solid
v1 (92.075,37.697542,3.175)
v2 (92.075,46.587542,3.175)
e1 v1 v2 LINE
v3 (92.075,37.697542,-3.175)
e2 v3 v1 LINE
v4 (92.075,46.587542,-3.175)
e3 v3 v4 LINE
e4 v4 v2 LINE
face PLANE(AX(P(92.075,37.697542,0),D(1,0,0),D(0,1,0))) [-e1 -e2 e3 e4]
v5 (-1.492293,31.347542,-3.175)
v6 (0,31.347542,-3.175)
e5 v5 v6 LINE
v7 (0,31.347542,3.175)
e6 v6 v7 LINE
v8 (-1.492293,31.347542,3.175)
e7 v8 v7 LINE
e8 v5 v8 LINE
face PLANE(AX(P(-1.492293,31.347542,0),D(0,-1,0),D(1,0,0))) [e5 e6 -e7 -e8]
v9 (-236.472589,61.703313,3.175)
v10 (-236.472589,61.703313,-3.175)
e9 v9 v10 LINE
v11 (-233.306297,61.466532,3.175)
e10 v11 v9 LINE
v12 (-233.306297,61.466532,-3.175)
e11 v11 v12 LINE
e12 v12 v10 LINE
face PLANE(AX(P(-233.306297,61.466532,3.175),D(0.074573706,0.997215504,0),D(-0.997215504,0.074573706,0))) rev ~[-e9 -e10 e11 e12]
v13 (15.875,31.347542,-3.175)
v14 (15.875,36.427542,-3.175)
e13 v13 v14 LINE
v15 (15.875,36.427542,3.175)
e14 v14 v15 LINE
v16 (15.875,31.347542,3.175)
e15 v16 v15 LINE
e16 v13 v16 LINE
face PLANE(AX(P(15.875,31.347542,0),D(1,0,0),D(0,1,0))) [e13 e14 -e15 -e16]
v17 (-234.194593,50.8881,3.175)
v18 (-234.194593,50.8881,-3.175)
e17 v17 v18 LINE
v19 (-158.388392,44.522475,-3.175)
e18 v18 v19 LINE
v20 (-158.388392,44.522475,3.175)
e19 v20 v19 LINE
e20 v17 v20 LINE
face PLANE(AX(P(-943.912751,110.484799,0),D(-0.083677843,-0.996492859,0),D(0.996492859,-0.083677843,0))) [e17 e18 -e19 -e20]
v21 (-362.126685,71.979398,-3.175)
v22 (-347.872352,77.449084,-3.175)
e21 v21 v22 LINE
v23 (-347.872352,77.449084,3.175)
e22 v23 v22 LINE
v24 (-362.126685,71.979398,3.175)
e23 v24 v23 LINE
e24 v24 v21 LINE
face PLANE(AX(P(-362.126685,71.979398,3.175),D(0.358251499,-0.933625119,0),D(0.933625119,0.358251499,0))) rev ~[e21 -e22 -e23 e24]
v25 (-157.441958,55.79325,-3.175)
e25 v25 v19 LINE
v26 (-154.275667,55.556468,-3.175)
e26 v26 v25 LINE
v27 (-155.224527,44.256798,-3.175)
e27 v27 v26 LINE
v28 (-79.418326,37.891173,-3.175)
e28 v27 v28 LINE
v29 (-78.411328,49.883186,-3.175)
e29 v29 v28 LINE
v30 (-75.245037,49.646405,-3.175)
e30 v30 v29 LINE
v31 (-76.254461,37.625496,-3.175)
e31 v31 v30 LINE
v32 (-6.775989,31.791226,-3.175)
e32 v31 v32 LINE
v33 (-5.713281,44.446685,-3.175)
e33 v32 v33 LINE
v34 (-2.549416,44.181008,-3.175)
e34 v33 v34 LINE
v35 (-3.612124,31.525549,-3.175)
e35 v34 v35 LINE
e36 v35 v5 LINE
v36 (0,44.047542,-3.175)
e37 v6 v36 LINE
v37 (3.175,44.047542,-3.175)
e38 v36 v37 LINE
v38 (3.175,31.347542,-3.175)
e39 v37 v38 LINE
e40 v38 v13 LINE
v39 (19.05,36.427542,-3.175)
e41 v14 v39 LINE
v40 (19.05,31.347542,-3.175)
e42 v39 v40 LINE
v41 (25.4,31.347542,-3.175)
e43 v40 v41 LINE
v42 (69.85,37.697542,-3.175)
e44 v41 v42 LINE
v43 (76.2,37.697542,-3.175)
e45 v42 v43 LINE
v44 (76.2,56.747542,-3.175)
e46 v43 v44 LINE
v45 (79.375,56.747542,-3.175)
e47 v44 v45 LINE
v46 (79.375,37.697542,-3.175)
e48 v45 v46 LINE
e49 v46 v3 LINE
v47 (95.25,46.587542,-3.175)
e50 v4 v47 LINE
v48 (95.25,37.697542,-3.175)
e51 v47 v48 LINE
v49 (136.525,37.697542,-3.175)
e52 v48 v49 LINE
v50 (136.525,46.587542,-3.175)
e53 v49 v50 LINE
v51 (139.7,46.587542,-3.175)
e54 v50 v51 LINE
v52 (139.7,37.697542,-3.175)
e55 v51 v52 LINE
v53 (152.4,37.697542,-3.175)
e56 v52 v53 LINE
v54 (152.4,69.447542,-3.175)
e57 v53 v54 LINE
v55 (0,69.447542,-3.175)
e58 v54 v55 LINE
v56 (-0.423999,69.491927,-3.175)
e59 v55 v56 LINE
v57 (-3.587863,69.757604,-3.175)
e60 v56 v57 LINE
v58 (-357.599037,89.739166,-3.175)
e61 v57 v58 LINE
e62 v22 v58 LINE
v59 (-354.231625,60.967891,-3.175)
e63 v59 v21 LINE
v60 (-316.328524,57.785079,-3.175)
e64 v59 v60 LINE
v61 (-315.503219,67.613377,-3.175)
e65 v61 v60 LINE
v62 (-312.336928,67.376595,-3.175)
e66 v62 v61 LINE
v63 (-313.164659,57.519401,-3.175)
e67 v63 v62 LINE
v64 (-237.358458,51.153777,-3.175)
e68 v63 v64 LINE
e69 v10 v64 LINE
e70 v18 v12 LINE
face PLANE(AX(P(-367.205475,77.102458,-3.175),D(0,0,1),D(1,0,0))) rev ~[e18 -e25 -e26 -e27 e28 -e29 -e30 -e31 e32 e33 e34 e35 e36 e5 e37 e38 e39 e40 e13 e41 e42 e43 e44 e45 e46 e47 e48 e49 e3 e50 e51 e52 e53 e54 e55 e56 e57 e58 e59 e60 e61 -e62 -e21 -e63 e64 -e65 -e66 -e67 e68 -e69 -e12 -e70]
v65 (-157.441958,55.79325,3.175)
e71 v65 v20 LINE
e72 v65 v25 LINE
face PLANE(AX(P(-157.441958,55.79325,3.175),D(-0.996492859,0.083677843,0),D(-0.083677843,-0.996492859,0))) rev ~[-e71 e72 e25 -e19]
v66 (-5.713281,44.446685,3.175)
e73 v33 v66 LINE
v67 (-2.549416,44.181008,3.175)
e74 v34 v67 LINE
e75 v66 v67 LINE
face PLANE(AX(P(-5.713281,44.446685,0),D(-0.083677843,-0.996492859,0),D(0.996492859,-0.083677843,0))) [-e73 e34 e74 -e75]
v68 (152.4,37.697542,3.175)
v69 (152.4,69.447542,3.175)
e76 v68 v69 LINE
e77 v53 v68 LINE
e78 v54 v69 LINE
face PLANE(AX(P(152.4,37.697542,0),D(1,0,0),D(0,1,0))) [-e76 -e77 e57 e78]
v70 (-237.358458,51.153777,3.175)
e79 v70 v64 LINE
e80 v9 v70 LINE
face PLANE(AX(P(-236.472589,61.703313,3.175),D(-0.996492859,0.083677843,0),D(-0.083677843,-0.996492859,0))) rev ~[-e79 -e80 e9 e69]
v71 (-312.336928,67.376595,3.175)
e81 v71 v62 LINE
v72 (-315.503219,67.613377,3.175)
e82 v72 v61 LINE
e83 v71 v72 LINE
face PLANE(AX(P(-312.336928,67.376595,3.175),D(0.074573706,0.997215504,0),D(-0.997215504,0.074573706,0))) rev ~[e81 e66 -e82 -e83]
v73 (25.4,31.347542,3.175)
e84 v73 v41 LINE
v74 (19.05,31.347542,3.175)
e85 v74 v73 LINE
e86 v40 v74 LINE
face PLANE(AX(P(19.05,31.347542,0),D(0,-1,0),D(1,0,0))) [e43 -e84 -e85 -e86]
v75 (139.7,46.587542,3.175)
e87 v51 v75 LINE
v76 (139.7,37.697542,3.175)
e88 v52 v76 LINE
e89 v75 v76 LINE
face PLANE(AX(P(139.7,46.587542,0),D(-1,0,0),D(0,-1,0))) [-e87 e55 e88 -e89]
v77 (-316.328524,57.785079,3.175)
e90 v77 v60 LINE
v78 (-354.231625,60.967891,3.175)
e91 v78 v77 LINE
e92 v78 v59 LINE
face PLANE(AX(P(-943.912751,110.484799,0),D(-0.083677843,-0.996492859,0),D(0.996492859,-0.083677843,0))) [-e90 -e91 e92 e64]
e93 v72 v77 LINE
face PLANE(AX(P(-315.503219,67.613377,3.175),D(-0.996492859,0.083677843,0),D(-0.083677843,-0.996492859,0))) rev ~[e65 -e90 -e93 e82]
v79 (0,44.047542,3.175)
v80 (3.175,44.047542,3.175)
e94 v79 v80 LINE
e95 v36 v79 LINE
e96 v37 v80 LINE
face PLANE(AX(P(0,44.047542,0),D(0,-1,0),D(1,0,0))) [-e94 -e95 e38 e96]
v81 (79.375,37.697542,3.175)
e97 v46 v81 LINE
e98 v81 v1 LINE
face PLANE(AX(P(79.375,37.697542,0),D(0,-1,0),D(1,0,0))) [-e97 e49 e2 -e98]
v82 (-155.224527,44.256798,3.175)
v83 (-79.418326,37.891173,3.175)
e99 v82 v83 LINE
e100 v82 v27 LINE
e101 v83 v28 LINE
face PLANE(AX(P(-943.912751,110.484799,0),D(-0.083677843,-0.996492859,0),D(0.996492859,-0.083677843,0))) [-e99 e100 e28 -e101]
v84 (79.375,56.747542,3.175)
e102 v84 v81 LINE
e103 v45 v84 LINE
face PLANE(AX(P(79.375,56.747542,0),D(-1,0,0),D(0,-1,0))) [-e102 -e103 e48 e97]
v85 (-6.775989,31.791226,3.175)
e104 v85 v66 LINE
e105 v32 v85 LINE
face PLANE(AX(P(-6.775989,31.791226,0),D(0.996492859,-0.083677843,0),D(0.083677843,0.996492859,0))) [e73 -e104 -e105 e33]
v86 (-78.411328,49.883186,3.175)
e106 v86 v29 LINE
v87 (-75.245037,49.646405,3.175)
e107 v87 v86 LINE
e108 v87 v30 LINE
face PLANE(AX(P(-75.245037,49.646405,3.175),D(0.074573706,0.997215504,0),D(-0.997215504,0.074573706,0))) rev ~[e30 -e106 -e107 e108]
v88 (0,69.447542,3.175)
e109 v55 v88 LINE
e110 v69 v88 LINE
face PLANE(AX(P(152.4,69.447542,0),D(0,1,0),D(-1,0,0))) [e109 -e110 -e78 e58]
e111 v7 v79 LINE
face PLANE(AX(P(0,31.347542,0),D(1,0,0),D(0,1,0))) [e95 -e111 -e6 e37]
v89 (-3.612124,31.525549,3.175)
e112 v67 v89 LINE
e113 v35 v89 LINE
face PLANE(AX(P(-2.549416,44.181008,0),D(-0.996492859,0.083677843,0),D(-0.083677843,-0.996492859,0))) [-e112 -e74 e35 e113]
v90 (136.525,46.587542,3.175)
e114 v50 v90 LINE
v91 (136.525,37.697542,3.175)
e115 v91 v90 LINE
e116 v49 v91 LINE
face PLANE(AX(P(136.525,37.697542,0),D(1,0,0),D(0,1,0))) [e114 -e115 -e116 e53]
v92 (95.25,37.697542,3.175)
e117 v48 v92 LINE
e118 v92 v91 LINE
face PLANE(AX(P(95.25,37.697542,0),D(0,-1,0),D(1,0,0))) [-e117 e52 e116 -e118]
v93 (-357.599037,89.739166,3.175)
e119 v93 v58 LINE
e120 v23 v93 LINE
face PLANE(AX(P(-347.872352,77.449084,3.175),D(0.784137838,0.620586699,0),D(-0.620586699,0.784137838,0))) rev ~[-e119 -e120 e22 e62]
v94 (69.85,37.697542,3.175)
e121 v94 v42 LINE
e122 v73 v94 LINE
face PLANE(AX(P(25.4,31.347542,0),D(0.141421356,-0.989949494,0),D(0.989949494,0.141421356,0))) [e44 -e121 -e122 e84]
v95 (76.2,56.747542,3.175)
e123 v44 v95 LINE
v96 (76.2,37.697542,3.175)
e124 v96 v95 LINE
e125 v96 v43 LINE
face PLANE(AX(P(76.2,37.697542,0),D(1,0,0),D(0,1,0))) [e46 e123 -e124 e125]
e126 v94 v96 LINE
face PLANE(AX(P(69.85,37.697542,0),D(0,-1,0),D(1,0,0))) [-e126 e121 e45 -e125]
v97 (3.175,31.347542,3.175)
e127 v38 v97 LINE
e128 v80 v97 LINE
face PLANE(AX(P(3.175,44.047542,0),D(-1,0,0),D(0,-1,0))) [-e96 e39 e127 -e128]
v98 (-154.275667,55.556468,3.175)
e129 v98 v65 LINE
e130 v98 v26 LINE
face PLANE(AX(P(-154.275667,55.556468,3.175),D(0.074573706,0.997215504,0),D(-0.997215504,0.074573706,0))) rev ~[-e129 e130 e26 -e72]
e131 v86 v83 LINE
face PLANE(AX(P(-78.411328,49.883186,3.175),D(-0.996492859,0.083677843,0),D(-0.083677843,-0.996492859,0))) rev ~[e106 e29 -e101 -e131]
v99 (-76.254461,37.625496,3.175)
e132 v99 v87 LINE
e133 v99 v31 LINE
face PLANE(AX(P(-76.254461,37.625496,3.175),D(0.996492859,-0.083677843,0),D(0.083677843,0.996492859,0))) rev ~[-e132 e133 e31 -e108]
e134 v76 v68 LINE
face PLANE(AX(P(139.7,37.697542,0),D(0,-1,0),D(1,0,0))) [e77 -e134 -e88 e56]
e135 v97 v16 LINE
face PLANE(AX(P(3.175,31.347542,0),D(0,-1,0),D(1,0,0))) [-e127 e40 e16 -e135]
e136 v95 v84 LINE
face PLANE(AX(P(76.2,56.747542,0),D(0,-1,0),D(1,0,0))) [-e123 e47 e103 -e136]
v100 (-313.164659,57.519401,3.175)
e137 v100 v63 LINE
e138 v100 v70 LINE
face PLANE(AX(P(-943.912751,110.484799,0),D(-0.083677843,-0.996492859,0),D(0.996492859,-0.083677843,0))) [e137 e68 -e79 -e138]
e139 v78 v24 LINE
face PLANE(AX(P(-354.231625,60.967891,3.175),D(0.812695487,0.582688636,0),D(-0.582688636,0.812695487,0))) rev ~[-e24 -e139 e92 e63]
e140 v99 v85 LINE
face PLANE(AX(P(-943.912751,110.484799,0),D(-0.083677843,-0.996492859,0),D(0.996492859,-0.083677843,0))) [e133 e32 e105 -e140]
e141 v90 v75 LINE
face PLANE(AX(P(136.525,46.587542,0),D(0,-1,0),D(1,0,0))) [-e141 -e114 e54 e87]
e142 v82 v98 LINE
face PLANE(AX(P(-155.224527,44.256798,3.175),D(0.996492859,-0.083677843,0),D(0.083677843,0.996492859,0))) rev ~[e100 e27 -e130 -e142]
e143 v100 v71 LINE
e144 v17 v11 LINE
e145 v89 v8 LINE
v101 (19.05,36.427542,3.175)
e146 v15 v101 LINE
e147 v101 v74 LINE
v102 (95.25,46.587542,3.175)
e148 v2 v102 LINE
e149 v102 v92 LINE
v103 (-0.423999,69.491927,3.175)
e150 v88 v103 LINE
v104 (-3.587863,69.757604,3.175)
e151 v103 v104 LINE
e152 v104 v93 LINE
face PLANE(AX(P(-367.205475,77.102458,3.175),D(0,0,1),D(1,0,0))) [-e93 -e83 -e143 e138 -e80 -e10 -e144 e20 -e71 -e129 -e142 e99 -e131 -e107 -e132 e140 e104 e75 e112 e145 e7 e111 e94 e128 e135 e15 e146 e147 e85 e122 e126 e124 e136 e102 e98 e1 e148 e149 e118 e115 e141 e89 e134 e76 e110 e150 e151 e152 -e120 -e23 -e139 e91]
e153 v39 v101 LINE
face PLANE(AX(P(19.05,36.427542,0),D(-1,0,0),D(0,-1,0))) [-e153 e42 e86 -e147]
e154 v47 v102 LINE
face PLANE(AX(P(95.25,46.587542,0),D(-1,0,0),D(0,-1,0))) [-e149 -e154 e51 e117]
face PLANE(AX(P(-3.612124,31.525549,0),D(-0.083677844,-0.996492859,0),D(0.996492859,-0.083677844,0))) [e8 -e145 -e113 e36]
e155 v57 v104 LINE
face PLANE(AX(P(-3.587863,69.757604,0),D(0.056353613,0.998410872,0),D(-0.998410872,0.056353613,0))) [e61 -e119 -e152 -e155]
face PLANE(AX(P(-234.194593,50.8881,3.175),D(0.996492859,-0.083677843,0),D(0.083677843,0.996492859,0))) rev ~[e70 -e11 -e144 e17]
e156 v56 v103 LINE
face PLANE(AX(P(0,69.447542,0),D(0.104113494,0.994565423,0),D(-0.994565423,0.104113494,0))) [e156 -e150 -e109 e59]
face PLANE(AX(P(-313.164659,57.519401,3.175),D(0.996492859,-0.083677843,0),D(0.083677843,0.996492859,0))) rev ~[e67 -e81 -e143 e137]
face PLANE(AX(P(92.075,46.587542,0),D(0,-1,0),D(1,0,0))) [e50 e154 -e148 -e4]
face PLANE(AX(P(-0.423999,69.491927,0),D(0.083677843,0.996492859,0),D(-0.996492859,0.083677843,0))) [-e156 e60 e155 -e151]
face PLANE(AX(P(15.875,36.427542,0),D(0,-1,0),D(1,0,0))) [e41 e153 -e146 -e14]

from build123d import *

# Parameters (mm, degrees)
BOSS_EXTRUDE1_DEPTH = 3.175
CUT_EXTRUDE1_DEPTH  = 7.35
CUT_EXTRUDE2_DEPTH  = 7.62


with BuildPart() as part:
    # Sketch1 → Boss-Extrude1 (new body, symmetric)
    with BuildSketch(Plane.XY):
        Polygon((76.2, 37.697541537), (76.2, 56.747541537), (79.375, 56.747541537), (79.375, 37.697541537), (92.075, 37.697541537), (92.075, 46.587541537), (95.25, 46.587541537), (95.25, 37.697541537), (136.525, 37.697541537), (136.525, 46.587541537), (139.7, 46.587541537), (139.7, 37.697541537), (152.4, 37.697541537), (152.4, 69.447541537), (0, 69.447541537), (-0.423998633, 69.491926731), (-3.587863461, 69.757603883), (-946.051908629, 122.953392794), (-946.583462345, 116.623288424), (-943.412318182, 116.444298555), (-943.91275138, 110.48479854), (-6.775989292, 31.791225946), (-5.713280681, 44.446685258), (-2.549415853, 44.181008106), (-3.612124464, 31.525548794), (-1.492292584, 31.347541537), (0, 31.347541537), (0, 44.047541537), (3.175, 44.047541537), (3.175, 31.347541537), (15.875, 31.347541537), (15.875, 36.427541537), (19.05, 36.427541537), (19.05, 31.347541537), (25.4, 31.347541537), (69.85, 37.697541537), align=None)
    extrude(amount=BOSS_EXTRUDE1_DEPTH, both=True)

    # Sketch2 → Cut-Extrude1 (cut, through all)
    with BuildSketch(Plane.XY.offset(3.175)):
        Polygon((-76.254460917, 37.625496217), (-75.245037036, 49.646404609), (-78.411328309, 49.883186), (-79.418325745, 37.891173369), align=None)
        Polygon((-155.224527027, 44.256797945), (-154.27566721, 55.556468134), (-157.441958483, 55.793249525), (-158.388391855, 44.522475098), align=None)
        Polygon((-234.194593137, 50.888099674), (-233.306297384, 61.466531659), (-236.472588657, 61.70331305), (-237.358457965, 51.153776826), align=None)
        Polygon((-313.164659247, 57.519401402), (-312.336927558, 67.376595183), (-315.503218831, 67.613376574), (-316.328524075, 57.785078555), align=None)
        Polygon((-392.134725356, 64.15070313), (-391.367557732, 73.286658708), (-394.533849005, 73.523440099), (-395.298590185, 64.416380283), align=None)
        Polygon((-471.104791466, 70.782004859), (-470.398187906, 79.196722233), (-473.564479179, 79.433503624), (-474.268656294, 71.047682011), align=None)
        Polygon((-550.074857576, 77.413306587), (-549.42881808, 85.106785757), (-552.595109353, 85.343567149), (-553.238722404, 77.67898374), align=None)
        Polygon((-629.044923686, 84.044608316), (-628.459448254, 91.016849282), (-631.625739527, 91.253630673), (-632.208788514, 84.310285468), align=None)
        Polygon((-708.014989796, 90.675910044), (-707.490078428, 96.926912807), (-710.656369701, 97.163694198), (-711.178854624, 90.941587197), align=None)
        Polygon((-786.985055905, 97.307211772), (-786.520708602, 102.836976331), (-789.686999875, 103.073757723), (-790.148920734, 97.572888925), align=None)
        Polygon((-865.955122015, 103.938513501), (-865.551338776, 108.747039856), (-868.717630049, 108.983821247), (-869.118986843, 104.204190653), align=None)
    extrude(amount=-CUT_EXTRUDE1_DEPTH, mode=Mode.SUBTRACT)

    # Sketch3 → Cut-Extrude2 (cut)
    with BuildSketch(Plane.XY.offset(3.175)):
        Polygon((-354.231624716, 60.967890842), (-362.126685184, 71.979397876), (-347.872352174, 77.449083798), (-357.599036746, 89.739165772), (-993.791218606, 254.183288708), (-993.791218606, 28.735079887), align=None)
    extrude(amount=-CUT_EXTRUDE2_DEPTH, mode=Mode.SUBTRACT)


solid = part.part
